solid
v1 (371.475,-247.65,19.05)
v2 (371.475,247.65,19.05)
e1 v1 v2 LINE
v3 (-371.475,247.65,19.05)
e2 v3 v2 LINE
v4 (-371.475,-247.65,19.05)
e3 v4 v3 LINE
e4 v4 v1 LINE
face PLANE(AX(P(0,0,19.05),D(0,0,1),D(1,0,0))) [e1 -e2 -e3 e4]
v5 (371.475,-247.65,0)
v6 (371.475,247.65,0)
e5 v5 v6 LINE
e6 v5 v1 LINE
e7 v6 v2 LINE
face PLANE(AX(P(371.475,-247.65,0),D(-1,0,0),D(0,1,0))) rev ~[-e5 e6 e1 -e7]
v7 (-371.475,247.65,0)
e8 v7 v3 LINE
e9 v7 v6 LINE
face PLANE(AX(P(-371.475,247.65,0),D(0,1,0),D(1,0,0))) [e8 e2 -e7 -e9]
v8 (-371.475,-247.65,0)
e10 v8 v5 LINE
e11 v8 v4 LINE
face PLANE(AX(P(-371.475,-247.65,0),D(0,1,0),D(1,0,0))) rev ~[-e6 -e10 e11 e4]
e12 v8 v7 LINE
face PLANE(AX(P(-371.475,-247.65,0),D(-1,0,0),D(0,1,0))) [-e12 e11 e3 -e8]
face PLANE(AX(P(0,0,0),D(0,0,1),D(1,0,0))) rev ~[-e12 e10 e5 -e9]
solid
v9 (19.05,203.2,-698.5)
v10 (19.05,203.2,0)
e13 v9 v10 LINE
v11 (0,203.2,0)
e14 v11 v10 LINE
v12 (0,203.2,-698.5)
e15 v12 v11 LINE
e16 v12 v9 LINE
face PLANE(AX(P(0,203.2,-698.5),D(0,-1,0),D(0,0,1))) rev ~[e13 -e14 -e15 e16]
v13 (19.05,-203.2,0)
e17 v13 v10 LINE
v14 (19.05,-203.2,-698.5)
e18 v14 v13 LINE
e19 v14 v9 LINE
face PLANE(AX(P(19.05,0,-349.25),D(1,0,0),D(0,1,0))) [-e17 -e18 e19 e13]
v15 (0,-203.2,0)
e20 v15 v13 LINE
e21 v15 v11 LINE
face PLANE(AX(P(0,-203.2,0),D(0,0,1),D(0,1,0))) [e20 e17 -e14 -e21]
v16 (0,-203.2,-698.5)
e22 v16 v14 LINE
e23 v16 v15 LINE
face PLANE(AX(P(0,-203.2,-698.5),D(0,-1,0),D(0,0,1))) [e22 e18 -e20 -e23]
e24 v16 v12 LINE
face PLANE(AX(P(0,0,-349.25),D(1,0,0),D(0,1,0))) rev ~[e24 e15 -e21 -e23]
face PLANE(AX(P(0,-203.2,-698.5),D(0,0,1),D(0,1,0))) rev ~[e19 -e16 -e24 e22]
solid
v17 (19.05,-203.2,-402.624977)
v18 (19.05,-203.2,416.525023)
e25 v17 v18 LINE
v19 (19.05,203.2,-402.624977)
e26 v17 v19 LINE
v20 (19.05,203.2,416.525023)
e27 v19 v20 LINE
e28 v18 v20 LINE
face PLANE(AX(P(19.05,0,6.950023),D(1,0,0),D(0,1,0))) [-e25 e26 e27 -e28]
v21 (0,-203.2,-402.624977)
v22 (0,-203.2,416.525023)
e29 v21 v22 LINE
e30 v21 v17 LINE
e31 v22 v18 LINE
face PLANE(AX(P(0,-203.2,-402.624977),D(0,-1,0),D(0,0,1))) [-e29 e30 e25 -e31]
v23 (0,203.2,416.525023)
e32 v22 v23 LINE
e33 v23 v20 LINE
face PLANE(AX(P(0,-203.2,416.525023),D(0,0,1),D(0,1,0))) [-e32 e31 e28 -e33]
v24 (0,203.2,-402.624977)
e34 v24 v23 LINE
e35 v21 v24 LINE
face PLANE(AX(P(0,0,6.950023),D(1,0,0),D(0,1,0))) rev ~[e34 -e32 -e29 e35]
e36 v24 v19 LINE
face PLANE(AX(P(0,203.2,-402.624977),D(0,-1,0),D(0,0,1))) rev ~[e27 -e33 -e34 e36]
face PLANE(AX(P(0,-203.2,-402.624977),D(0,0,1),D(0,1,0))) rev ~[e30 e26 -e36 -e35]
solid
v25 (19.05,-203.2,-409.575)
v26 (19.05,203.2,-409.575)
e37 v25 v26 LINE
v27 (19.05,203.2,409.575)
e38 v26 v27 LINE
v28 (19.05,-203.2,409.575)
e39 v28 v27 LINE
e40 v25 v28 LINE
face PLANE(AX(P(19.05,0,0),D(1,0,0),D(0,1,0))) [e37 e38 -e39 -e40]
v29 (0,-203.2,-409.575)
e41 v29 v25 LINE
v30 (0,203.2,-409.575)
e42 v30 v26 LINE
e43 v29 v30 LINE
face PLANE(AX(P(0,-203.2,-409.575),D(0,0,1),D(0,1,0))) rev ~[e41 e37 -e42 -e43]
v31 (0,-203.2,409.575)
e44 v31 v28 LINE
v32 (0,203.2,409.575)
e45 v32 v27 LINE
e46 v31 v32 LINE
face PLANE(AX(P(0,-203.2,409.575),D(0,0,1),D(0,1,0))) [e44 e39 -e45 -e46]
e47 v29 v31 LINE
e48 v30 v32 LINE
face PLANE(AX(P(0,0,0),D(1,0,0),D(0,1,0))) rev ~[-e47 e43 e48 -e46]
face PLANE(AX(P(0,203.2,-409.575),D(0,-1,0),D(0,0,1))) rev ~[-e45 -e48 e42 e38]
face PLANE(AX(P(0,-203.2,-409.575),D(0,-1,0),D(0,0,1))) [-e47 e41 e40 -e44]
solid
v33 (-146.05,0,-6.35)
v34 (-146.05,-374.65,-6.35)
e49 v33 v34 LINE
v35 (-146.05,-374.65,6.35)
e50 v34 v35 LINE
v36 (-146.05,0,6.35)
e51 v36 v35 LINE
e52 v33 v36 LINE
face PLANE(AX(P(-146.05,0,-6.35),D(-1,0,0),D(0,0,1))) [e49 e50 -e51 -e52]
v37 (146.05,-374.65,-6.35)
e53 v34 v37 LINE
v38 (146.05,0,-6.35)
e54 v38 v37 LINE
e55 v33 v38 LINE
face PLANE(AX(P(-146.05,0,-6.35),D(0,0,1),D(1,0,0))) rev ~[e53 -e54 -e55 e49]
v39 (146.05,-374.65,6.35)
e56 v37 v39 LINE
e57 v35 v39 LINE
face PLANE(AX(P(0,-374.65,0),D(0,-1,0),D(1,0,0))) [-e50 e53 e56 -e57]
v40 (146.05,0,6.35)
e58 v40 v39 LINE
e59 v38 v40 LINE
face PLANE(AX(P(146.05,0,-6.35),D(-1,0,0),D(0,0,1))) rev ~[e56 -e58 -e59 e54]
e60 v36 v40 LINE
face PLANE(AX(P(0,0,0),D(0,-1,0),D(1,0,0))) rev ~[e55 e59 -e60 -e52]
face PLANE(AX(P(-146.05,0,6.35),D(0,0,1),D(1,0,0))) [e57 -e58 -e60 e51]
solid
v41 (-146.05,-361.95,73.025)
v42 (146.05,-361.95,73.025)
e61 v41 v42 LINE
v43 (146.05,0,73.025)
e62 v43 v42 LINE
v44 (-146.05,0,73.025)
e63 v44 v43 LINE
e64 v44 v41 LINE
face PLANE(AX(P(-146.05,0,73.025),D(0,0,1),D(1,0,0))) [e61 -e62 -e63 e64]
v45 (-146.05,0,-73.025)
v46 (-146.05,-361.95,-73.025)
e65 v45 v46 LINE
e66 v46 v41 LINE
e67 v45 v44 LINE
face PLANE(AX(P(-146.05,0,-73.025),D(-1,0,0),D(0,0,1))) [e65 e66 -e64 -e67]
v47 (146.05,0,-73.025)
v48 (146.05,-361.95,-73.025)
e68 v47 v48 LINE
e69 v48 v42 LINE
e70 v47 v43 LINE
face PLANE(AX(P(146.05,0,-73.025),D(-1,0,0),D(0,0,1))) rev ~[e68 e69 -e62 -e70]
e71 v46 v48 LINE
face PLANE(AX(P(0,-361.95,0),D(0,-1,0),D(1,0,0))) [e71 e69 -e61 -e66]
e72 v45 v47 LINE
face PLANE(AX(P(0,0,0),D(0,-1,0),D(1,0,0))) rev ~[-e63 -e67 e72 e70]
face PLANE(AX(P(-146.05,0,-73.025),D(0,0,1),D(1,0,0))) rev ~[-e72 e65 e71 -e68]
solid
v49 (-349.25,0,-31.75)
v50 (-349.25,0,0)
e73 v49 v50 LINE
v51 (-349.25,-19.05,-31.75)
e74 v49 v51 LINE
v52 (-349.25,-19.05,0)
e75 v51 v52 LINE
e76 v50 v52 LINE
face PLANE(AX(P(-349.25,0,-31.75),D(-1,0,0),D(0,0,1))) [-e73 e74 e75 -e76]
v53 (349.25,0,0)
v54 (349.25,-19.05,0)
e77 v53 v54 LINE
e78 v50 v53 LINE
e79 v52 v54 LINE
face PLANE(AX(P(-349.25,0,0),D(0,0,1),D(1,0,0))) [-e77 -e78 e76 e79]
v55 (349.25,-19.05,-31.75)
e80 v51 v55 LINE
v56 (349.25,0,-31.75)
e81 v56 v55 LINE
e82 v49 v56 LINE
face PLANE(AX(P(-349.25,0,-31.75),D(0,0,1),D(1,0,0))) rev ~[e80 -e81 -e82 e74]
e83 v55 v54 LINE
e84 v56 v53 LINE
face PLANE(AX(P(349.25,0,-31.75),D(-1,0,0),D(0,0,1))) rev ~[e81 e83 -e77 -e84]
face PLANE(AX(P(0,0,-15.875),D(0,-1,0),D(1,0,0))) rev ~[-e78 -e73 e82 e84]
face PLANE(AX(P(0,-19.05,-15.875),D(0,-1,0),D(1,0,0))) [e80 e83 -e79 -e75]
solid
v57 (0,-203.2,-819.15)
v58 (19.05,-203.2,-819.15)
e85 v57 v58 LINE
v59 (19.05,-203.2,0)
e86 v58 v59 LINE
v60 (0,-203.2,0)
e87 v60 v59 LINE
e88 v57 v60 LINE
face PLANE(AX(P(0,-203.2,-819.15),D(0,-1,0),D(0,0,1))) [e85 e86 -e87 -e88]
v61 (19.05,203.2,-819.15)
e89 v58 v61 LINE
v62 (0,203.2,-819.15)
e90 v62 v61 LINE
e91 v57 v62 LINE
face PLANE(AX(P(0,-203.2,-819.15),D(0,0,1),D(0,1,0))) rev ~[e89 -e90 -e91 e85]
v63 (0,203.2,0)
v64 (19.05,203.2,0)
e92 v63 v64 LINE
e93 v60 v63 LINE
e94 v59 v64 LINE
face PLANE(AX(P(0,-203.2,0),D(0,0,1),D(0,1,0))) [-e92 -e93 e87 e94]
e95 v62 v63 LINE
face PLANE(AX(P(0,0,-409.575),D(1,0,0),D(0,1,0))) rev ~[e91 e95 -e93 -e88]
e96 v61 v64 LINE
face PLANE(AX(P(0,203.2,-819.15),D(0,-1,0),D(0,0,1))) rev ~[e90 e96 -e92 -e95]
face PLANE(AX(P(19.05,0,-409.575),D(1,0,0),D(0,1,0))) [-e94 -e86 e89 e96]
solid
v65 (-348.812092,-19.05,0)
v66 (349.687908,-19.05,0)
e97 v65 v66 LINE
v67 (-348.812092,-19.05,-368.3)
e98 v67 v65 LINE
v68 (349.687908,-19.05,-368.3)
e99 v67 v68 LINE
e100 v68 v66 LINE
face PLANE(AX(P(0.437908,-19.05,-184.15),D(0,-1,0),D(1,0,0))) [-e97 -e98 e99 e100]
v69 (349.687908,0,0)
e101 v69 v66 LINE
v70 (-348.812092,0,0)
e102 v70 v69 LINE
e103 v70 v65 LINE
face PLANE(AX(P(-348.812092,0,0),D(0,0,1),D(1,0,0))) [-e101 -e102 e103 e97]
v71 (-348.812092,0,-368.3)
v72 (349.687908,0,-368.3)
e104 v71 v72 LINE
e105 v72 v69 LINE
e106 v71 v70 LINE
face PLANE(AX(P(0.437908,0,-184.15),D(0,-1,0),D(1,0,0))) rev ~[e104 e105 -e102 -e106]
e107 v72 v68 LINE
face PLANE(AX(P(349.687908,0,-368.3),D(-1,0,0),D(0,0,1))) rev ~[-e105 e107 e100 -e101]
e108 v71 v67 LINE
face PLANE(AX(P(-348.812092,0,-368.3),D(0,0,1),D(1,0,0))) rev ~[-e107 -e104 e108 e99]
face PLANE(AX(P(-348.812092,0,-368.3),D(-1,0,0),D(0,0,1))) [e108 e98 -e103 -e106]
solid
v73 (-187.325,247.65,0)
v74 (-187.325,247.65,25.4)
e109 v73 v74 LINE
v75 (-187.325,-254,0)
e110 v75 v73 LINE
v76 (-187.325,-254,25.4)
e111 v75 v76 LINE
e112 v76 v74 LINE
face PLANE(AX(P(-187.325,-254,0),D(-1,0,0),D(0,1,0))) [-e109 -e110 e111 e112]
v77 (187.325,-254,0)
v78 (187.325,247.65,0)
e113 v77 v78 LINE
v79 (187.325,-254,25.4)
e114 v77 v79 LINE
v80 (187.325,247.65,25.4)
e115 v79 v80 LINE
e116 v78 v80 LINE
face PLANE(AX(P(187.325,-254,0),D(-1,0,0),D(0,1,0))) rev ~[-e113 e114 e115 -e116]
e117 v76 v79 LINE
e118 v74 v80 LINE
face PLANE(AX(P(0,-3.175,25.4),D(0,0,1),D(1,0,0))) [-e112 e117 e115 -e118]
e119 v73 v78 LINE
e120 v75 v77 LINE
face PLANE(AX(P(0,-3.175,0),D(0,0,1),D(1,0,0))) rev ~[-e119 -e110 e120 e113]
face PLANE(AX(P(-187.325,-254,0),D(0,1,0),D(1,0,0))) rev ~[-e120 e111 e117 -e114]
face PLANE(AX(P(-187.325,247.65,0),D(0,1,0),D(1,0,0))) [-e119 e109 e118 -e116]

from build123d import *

# Parameters (mm, degrees)
F0_W      = 742.95
F0_H      = 495.3
F1_DEPTH  = 19.05
F2_W      = 698.5
F2_H      = 31.75
F3_DEPTH  = 19.05
F4_W      = 406.4
F4_H      = 819.15
F5_DEPTH  = 19.05
F6_W      = 406.4
F6_H      = 698.5
F7_DEPTH  = 19.05
F8_W      = 698.5
F8_H      = 368.3
F9_DEPTH  = 19.05
F10_W     = 374.65
F10_H     = 501.65
F11_DEPTH = 25.4
F12_W     = 406.4
F12_H     = 819.15
F13_DEPTH = 19.05
F14_W     = 406.4
F14_H     = 819.15
F15_DEPTH = 19.05
F16_W     = 292.1
F16_H     = 146.05
F17_DEPTH = 361.95
F18_W     = 292.1
F18_H     = 12.7
F19_DEPTH = 374.65


with BuildPart() as f1:
    # F0 (on Top) → F1 (new body)
    with BuildSketch(Plane.XY):
        Rectangle(F0_W, F0_H)
    extrude(amount=F1_DEPTH)


with BuildPart() as f3:
    # F2 (on Front) → F3 (new body)
    with BuildSketch(Plane.XZ):
        with Locations((0, -15.875)):
            Rectangle(F2_W, F2_H)
    extrude(amount=F3_DEPTH)


with BuildPart() as f5:
    # F4 (on Right) → F5 (new body)
    with BuildSketch(Plane.YZ):
        with Locations((0, -409.575)):
            Rectangle(F4_W, F4_H)
    extrude(amount=F5_DEPTH)


with BuildPart() as f7:
    # F6 (on Right) → F7 (new body)
    with BuildSketch(Plane.YZ):
        with Locations((0, -349.25)):
            Rectangle(F6_W, F6_H)
    extrude(amount=F7_DEPTH)


with BuildPart() as f9:
    # F8 (on Front) → F9 (new body)
    with BuildSketch(Plane.XZ):
        with Locations((0.437908, -184.15)):
            Rectangle(F8_W, F8_H)
    extrude(amount=F9_DEPTH)


with BuildPart() as f11:
    # F10 (on Top) → F11 (new body)
    with BuildSketch(Plane.XY):
        with Locations((0, -3.175)):
            Rectangle(F10_W, F10_H)
    extrude(amount=F11_DEPTH)


with BuildPart() as f13:
    # F12 (on Right) → F13 (new body)
    with BuildSketch(Plane.YZ):
        with Locations((0, 6.950023)):
            Rectangle(F12_W, F12_H)
    extrude(amount=F13_DEPTH)


with BuildPart() as f15:
    # F14 (on Right) → F15 (new body)
    with BuildSketch(Plane.YZ):
        Rectangle(F14_W, F14_H)
    extrude(amount=F15_DEPTH)


with BuildPart() as f17:
    # F16 (on Front) → F17 (new body)
    with BuildSketch(Plane.XZ):
        Rectangle(F16_W, F16_H)
    extrude(amount=F17_DEPTH)


with BuildPart() as f19:
    # F18 (on Front) → F19 (new body)
    with BuildSketch(Plane.XZ):
        Rectangle(F18_W, F18_H)
    extrude(amount=F19_DEPTH)


solid = Compound([f1.part, f3.part, f5.part, f7.part, f9.part, f11.part, f13.part, f15.part, f17.part, f19.part])
